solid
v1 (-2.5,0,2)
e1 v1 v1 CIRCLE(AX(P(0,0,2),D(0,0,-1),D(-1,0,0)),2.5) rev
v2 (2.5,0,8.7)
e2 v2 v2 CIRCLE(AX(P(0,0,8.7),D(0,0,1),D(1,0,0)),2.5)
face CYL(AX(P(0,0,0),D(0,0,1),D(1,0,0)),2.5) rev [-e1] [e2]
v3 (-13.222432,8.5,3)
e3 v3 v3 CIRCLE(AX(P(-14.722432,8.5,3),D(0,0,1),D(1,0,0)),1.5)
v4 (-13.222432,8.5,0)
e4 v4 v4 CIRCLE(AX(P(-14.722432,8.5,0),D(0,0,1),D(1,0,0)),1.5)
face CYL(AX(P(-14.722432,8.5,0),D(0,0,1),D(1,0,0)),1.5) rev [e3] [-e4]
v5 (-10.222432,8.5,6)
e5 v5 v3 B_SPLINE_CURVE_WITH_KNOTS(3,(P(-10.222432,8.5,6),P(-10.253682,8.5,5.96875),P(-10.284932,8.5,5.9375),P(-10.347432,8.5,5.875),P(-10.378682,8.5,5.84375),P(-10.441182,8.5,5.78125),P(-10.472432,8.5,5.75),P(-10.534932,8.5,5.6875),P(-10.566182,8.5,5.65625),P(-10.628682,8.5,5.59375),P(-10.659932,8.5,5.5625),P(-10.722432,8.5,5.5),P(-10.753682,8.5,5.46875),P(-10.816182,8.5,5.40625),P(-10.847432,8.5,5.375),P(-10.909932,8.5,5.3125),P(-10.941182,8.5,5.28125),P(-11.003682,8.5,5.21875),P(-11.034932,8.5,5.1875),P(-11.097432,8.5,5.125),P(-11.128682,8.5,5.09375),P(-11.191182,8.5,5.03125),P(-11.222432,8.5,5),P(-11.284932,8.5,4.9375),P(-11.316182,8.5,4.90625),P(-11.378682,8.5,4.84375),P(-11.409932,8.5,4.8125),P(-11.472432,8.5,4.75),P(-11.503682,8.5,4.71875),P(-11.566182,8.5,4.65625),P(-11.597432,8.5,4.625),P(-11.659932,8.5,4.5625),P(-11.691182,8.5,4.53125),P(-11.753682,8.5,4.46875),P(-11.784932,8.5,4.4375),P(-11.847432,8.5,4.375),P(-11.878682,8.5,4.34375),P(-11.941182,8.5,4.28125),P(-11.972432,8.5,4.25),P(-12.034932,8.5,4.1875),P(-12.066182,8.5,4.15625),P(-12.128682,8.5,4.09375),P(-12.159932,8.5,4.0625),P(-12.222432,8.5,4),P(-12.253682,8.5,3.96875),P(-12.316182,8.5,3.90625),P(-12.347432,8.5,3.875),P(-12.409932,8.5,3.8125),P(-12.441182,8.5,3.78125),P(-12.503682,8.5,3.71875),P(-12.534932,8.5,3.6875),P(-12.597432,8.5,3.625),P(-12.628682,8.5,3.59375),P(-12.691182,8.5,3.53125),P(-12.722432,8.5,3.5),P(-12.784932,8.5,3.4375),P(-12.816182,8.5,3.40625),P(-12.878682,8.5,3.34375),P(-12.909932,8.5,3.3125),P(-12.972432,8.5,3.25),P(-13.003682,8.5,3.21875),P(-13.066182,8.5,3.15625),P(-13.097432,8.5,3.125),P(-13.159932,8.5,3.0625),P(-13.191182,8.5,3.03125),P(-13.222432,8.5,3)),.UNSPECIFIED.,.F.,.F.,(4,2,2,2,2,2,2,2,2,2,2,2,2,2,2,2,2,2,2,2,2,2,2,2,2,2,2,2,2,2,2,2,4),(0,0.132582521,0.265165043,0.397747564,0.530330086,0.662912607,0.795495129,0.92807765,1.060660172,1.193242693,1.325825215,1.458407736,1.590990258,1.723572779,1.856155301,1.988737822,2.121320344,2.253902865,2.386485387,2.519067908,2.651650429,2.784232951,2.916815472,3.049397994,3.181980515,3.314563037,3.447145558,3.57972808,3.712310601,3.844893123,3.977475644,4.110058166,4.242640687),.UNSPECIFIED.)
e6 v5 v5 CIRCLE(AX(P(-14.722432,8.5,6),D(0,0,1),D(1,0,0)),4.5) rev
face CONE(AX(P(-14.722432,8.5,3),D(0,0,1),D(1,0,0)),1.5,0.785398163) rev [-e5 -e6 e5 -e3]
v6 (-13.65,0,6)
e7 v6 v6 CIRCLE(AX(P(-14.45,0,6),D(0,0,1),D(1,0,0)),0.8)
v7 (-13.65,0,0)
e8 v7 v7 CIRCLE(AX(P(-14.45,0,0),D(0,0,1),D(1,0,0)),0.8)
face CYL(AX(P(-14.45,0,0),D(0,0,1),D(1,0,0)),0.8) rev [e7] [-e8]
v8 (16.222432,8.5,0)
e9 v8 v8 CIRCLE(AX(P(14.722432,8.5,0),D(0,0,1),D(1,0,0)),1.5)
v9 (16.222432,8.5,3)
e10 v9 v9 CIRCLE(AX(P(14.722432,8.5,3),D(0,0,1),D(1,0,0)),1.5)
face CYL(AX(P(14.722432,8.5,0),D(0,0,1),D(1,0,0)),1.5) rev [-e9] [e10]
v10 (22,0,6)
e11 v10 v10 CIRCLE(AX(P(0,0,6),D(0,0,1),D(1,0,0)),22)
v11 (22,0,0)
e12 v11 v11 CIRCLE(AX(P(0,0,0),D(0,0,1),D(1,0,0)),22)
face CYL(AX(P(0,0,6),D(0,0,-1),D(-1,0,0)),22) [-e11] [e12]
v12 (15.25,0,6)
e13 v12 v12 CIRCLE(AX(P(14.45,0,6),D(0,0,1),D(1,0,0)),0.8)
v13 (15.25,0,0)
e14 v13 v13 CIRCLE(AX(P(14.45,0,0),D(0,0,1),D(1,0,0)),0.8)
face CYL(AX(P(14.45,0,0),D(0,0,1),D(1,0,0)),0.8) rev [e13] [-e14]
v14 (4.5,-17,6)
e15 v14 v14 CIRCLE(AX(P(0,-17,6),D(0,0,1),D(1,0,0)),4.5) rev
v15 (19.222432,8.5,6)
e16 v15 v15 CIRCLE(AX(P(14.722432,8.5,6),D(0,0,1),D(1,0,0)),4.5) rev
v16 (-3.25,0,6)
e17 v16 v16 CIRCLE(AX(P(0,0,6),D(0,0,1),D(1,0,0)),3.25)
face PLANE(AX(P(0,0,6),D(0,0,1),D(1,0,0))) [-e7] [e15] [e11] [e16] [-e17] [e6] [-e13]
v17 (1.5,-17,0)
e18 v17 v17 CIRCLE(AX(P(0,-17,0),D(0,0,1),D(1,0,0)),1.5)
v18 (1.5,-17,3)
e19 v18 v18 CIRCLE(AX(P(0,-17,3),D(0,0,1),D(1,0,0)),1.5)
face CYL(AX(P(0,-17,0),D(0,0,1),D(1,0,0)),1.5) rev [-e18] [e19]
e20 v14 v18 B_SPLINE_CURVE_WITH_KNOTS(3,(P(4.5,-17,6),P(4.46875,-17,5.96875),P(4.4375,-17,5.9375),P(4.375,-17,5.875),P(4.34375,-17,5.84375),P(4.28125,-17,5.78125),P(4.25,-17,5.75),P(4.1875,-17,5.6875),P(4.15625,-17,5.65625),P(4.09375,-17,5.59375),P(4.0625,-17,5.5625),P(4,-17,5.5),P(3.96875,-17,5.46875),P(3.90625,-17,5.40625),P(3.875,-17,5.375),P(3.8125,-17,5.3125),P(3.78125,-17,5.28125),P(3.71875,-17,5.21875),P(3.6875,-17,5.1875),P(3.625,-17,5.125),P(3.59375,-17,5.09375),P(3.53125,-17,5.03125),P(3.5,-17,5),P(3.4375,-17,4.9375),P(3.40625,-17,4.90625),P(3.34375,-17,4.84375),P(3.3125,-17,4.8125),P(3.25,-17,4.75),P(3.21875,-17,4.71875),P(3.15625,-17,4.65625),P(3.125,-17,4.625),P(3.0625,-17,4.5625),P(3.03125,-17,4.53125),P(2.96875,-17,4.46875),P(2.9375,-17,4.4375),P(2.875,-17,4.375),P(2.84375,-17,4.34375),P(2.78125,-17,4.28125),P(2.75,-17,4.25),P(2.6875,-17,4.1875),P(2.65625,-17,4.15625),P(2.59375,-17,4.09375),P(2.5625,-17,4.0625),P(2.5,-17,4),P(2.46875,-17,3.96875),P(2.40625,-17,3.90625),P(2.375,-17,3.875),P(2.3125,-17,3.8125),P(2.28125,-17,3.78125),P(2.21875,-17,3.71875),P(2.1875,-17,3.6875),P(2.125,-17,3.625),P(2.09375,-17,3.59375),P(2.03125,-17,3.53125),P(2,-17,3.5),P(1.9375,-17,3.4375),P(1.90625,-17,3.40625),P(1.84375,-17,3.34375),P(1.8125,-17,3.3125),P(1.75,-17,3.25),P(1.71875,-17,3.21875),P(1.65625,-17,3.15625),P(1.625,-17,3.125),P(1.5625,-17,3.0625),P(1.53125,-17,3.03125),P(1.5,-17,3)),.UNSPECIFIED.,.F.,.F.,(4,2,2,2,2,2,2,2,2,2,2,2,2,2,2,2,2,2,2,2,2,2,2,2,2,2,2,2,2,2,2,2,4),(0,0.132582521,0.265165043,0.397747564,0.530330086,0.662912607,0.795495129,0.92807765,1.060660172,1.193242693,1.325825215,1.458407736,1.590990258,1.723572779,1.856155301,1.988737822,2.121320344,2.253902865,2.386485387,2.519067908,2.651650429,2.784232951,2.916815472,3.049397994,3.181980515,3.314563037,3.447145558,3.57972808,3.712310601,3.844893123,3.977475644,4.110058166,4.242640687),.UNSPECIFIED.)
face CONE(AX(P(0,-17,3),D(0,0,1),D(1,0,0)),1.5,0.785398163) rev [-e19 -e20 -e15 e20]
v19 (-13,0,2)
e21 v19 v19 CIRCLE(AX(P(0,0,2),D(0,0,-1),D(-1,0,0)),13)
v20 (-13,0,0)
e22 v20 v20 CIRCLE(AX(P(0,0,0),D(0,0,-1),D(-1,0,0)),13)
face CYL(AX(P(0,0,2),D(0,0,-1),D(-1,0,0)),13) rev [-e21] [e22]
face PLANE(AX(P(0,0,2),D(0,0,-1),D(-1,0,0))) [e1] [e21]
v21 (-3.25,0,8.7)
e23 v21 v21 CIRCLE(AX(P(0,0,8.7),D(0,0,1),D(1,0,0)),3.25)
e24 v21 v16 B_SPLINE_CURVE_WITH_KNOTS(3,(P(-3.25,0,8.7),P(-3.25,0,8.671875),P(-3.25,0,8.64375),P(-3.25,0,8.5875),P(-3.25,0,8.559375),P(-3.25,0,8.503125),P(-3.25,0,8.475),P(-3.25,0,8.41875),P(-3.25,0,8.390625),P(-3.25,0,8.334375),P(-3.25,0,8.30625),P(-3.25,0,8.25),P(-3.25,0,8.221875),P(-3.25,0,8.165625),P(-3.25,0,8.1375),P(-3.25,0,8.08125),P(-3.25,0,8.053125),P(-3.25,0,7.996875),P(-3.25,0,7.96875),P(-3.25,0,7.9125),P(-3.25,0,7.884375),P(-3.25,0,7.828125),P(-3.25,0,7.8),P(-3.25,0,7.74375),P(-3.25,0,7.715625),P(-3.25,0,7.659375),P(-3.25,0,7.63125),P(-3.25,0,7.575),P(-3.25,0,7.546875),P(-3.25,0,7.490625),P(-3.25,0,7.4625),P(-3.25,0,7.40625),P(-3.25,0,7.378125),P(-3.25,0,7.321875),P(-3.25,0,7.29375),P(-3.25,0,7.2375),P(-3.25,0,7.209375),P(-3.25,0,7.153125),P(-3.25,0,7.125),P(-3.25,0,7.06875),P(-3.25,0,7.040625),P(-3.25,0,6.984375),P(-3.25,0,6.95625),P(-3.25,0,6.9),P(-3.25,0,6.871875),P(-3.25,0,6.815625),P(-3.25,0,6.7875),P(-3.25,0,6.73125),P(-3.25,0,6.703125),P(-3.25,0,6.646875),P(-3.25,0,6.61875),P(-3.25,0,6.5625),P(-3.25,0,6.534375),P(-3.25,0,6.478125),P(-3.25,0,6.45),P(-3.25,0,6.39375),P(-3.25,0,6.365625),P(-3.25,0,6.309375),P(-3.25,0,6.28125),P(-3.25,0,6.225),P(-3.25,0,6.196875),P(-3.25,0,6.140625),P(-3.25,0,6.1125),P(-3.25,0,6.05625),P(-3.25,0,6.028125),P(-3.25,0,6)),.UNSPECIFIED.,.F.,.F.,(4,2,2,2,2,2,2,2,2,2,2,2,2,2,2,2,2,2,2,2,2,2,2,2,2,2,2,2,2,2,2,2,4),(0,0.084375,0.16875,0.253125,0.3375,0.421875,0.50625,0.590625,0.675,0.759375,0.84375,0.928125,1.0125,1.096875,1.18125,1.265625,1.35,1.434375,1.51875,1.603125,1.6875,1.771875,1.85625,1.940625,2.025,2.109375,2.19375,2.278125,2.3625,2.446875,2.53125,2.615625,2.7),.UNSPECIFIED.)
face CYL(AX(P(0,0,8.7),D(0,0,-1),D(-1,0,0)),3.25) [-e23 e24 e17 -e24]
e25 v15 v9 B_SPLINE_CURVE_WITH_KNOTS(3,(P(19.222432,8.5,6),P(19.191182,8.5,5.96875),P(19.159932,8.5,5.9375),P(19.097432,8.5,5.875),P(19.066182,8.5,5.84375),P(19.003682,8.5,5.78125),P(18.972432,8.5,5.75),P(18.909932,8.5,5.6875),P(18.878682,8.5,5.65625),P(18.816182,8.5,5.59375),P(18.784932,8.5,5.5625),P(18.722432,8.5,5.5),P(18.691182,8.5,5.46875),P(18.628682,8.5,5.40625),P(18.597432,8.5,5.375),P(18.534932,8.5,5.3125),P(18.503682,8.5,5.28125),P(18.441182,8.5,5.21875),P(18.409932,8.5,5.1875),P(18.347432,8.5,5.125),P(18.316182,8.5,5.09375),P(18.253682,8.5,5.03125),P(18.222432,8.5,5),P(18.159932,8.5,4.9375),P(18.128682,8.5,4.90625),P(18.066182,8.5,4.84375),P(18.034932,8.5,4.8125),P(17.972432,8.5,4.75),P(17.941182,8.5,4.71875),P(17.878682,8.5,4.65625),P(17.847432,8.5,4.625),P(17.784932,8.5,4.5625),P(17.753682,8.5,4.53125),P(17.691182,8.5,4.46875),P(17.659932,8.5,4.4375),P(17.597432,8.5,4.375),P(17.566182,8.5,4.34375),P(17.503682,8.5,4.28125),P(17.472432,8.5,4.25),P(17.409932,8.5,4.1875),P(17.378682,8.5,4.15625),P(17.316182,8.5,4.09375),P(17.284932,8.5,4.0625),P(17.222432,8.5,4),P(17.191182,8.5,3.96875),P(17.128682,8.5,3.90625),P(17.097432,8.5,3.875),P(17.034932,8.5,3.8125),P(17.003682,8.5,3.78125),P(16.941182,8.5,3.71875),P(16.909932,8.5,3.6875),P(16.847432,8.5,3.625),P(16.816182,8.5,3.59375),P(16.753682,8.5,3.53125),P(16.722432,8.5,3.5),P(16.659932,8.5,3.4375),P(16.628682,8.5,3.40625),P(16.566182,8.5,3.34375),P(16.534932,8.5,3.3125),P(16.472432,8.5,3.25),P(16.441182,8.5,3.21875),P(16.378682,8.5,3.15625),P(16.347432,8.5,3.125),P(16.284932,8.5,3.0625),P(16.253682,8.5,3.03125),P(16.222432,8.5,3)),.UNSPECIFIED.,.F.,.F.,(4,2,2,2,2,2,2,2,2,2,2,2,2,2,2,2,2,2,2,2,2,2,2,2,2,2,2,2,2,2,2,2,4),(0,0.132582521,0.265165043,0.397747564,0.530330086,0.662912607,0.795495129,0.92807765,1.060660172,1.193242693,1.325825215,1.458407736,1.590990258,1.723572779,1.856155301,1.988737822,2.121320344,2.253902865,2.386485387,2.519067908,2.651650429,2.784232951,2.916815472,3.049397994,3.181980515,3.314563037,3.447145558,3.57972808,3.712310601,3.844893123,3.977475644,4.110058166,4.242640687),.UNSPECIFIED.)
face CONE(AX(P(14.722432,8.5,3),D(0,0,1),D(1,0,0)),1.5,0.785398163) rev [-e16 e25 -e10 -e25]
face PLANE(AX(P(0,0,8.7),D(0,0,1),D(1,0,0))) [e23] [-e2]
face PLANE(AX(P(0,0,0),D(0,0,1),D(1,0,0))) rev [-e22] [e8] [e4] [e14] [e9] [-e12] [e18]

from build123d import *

# Parameters (mm, degrees)
SKETCH_1_R          = 22
EXTRUDE_1_DEPTH     = 6
SKETCH_2_R          = 3.25
EXTRUDE_2_DEPTH     = 2.7
SKETCH_3_R          = 2.5
CUT_EXTRUDE_1_DEPTH = 33.306191357
SKETCH_4_R          = 0.8
CUT_EXTRUDE_2_DEPTH = 32.685959036
SKETCH_5_R          = 13
CUT_EXTRUDE_3_DEPTH = 2
SKETCH_6_R          = 1.5
CUT_EXTRUDE_4_DEPTH = 32.685959036
CHAMFER_1_SIZE      = 3


with BuildPart() as part:
    # Эскиз1 → Бобышка-Вытянуть1 (new body)
    with BuildSketch(Plane.XY):
        Circle(SKETCH_1_R)
    extrude(amount=EXTRUDE_1_DEPTH)

    # Эскиз2 → Бобышка-Вытянуть2 (add)
    with BuildSketch(Plane.XY.offset(6)):
        with Locations(Location((0, 0, 0), (0, 0, 180))):
            Circle(SKETCH_2_R)
    extrude(amount=EXTRUDE_2_DEPTH)

    # Эскиз3 → Вырез-Вытянуть1 (cut, through all)
    with BuildSketch(Plane.XY.offset(8.7)):
        Circle(SKETCH_3_R)
    extrude(amount=-CUT_EXTRUDE_1_DEPTH, mode=Mode.SUBTRACT)

    # Эскиз4 → Вырез-Вытянуть2 (cut, through all)
    with BuildSketch(Plane.XY.offset(6)):
        with Locations((-14.45, 0)):
            Circle(SKETCH_4_R)
        with Locations((14.45, 0)):
            Circle(SKETCH_4_R)
    extrude(amount=-CUT_EXTRUDE_2_DEPTH, mode=Mode.SUBTRACT)

    # Эскиз5 → Вырез-Вытянуть3 (cut)
    with BuildSketch(Plane(origin=(0, 0, 0), x_dir=(-1, 0, 0), z_dir=(0, 0, -1))):
        Circle(SKETCH_5_R)
    extrude(amount=-CUT_EXTRUDE_3_DEPTH, mode=Mode.SUBTRACT)

    # Эскиз6 → Вырез-Вытянуть4 (cut, through all)
    with BuildSketch(Plane.XY.offset(6)):
        with Locations((0, -17)):
            Circle(SKETCH_6_R)
        with Locations((-14.722431864, 8.5)):
            Circle(SKETCH_6_R)
        with Locations((14.722431864, 8.5)):
            Circle(SKETCH_6_R)
    extrude(amount=-CUT_EXTRUDE_4_DEPTH, mode=Mode.SUBTRACT)

    # Фаска1
    chamfer_1_edges = [part.edges().sort_by_distance(p)[0] for p in [
        (-1.5, -17, 6),
        (-16.222431864, 8.5, 6),
        (13.222431864, 8.5, 6),
    ]]
    chamfer(chamfer_1_edges, length=CHAMFER_1_SIZE)


solid = part.part
